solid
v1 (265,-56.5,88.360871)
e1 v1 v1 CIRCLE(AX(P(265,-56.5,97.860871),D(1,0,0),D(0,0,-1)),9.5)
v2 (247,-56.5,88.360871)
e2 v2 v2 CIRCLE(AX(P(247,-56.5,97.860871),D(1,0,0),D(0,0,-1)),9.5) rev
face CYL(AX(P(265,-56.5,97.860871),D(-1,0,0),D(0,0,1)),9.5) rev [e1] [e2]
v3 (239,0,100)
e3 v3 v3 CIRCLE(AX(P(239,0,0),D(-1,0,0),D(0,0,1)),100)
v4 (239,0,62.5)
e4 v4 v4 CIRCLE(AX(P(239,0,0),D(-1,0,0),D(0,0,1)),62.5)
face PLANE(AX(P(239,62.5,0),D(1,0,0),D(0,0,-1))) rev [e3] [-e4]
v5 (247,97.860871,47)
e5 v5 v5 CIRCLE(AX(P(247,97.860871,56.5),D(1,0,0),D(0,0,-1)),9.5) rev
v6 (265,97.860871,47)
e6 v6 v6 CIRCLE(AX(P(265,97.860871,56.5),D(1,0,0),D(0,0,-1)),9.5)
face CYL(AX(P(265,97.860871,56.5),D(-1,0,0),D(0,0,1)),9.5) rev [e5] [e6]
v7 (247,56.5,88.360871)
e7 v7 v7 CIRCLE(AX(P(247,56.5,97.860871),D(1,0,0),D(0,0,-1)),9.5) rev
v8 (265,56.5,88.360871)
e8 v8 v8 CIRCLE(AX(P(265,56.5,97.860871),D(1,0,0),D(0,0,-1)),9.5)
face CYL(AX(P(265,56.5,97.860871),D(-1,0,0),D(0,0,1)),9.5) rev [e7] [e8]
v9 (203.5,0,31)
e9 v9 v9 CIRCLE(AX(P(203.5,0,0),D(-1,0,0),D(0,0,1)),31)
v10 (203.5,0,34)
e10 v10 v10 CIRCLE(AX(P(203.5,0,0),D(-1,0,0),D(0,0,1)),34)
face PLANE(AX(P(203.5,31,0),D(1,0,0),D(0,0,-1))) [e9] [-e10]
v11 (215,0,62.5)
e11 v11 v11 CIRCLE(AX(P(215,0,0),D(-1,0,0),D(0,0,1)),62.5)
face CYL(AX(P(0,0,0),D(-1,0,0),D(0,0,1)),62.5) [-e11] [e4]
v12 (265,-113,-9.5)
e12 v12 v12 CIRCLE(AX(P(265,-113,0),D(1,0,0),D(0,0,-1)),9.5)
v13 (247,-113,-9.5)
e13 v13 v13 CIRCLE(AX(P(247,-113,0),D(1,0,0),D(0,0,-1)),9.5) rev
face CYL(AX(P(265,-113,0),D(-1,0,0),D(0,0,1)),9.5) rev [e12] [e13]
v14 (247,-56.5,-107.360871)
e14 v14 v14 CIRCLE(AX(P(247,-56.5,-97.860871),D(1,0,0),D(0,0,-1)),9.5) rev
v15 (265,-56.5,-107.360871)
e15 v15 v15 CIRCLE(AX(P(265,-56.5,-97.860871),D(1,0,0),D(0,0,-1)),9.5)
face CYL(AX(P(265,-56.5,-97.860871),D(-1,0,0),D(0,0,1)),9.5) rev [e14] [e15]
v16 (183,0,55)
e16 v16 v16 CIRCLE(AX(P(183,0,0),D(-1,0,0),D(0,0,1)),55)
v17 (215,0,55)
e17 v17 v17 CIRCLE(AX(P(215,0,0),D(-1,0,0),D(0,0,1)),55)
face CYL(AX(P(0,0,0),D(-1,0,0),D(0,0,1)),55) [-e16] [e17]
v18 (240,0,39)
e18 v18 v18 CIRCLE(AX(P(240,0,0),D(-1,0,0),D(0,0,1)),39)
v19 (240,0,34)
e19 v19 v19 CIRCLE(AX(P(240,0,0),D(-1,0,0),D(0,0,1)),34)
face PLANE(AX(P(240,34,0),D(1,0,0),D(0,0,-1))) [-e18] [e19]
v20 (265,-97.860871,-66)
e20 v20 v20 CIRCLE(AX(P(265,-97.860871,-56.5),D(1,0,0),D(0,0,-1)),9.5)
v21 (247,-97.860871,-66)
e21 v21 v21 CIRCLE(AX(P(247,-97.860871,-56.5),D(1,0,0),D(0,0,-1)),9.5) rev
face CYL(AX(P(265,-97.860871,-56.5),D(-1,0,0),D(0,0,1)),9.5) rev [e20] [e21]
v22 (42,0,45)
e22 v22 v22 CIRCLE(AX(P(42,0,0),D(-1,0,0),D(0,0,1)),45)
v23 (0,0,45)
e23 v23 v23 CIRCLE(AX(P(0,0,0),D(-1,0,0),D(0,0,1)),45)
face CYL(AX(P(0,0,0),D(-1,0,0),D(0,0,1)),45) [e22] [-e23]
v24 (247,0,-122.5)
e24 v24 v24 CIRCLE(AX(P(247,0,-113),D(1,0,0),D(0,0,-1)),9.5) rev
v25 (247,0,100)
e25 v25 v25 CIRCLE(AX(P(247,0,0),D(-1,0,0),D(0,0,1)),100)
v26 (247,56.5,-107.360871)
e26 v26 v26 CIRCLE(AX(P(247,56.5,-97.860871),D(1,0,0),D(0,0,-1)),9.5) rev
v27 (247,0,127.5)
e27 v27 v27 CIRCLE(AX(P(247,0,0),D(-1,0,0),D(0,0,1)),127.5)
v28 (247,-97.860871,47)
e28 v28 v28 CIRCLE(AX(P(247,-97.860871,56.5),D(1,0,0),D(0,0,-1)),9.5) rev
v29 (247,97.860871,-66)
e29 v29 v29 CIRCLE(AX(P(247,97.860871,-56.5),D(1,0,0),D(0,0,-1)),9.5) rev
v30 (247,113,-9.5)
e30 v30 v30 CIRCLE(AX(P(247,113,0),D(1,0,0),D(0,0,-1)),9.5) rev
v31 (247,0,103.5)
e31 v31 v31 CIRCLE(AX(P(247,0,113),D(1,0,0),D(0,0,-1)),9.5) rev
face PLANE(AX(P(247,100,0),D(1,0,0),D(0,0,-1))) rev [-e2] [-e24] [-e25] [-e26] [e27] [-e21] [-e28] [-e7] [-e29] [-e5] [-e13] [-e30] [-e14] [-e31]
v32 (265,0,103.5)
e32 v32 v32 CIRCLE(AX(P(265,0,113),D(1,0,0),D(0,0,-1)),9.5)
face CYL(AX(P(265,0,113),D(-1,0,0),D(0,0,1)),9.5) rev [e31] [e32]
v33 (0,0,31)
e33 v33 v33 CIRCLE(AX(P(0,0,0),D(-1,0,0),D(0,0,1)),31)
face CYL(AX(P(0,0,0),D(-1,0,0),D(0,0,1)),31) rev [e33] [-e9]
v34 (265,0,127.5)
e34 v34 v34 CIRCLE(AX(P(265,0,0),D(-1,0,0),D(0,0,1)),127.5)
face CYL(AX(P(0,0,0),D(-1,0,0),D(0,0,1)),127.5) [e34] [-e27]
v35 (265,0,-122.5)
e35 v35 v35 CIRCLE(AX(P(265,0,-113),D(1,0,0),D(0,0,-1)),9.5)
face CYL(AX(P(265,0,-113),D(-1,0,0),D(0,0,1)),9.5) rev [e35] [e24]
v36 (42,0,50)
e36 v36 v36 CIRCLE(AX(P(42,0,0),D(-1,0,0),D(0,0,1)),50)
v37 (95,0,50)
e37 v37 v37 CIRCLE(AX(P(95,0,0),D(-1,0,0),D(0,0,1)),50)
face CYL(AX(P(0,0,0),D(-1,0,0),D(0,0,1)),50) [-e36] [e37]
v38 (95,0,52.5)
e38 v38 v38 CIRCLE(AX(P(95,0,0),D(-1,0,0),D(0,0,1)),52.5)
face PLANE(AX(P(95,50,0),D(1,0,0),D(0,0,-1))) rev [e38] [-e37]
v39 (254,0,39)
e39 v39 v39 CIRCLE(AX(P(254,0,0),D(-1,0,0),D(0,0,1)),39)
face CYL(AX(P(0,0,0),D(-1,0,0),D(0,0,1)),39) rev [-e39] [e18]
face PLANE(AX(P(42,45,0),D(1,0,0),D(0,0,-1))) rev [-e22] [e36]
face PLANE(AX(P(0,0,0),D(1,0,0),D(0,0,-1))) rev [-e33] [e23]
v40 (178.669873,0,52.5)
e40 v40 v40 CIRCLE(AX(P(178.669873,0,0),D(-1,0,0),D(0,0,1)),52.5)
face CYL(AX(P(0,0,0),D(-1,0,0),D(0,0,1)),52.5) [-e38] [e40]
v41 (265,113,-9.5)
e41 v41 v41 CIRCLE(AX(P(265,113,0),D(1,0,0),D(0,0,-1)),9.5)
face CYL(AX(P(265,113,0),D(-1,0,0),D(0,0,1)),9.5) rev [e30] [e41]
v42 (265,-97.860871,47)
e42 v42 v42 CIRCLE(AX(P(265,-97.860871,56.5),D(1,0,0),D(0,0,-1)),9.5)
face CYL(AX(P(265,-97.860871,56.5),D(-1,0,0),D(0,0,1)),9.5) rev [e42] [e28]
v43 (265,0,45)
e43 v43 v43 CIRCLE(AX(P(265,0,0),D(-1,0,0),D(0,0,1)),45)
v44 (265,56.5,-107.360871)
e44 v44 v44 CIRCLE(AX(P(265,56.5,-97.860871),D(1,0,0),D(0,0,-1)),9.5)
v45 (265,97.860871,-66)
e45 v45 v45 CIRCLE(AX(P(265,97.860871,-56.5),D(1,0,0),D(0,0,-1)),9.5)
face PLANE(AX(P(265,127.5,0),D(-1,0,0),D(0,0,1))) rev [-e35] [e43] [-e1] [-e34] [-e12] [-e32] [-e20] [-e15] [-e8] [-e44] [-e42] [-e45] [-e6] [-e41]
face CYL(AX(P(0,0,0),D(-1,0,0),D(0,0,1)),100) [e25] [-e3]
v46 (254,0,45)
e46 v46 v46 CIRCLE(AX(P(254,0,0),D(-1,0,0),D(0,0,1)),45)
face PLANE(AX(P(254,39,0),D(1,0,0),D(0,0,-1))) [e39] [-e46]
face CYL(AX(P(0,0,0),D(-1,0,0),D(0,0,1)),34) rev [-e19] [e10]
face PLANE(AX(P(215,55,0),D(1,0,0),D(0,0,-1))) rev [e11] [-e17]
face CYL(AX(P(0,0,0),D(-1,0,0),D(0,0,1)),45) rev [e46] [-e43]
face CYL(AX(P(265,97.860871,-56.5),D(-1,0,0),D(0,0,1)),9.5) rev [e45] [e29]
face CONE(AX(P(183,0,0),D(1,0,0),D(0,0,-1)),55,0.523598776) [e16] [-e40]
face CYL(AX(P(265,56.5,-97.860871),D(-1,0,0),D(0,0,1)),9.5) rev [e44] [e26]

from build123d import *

# Parameters (mm, degrees)
SKETCH_3_R           = 9.5
CUT_EXTRUDE_1_DEPTH  = 321.526909947
SKETCH_4_R           = 9.5
CUT_EXTRUDE_2_DEPTH  = 321.526909947
SKETCH_5_R           = 9.5
CUT_EXTRUDE_3_DEPTH  = 321.526909947
SKETCH_6_R           = 9.5
CUT_EXTRUDE_4_DEPTH  = 321.526909947
SKETCH_7_R           = 9.5
CUT_EXTRUDE_5_DEPTH  = 321.526909947
SKETCH_8_R           = 9.5
CUT_EXTRUDE_6_DEPTH  = 321.526909947
SKETCH_9_R           = 9.5
CUT_EXTRUDE_7_DEPTH  = 321.526909947
SKETCH_10_R          = 9.5
CUT_EXTRUDE_8_DEPTH  = 321.526909947
SKETCH_11_R          = 9.5
CUT_EXTRUDE_9_DEPTH  = 321.526909947
SKETCH_12_R          = 9.5
CUT_EXTRUDE_10_DEPTH = 321.526909947
SKETCH_13_R          = 9.5
CUT_EXTRUDE_11_DEPTH = 321.526909947
SKETCH_14_R          = 9.5
CUT_EXTRUDE_12_DEPTH = 321.526909947


with BuildPart() as part:
    # Эскиз1 → Повернуть1 (revolve)
    with BuildSketch(Plane.XY, mode=Mode.PRIVATE) as revolve_1_sk:
        Polygon((0, 0), (265, 0), (265, 127.5), (247, 127.5), (247, 100), (239, 100), (239, 62.5), (215, 62.5), (215, 55), (183, 55), (178.669872981, 52.5), (95, 52.5), (95, 50), (42, 50), (42, 45), (0, 45), align=None)
    revolve(revolve_1_sk.sketch.rotate(Axis((0, 0, 0), (1, 0, 0)), 90), axis=Axis((0, 0, 0), (1, 0, 0)))

    # Эскиз2 → Вырез-Повернуть1 (revolve, cut)
    with BuildSketch(Plane.XY, mode=Mode.PRIVATE) as cut_revolve_1_sk:
        Polygon((0, 0), (265, 0), (265, 45), (254, 45), (254, 39), (240, 39), (240, 34), (203.5, 34), (203.5, 31), (0, 31), align=None)
    revolve(cut_revolve_1_sk.sketch.rotate(Axis((0, 0, 0), (1, 0, 0)), 90), axis=Axis((0, 0, 0), (1, 0, 0)), mode=Mode.SUBTRACT)

    # Эскиз3 → Вырез-Вытянуть1 (cut, through all)
    with BuildSketch(Plane(origin=(0, 0, 0), x_dir=(0, 0, -1), z_dir=(1, 0, 0))):
        with Locations((0, 113)):
            Circle(SKETCH_3_R)
    extrude(amount=CUT_EXTRUDE_1_DEPTH, mode=Mode.SUBTRACT)

    # Эскиз4 → Вырез-Вытянуть2 (cut, through all)
    with BuildSketch(Plane(origin=(0, 0, 0), x_dir=(0, 0, -1), z_dir=(1, 0, 0))):
        with Locations((-56.5, 97.860870628)):
            Circle(SKETCH_4_R)
    extrude(amount=CUT_EXTRUDE_2_DEPTH, mode=Mode.SUBTRACT)

    # Эскиз5 → Вырез-Вытянуть3 (cut, through all)
    with BuildSketch(Plane(origin=(0, 0, 0), x_dir=(0, 0, -1), z_dir=(1, 0, 0))):
        with Locations((-97.860870628, 56.5)):
            Circle(SKETCH_5_R)
    extrude(amount=CUT_EXTRUDE_3_DEPTH, mode=Mode.SUBTRACT)

    # Эскиз6 → Вырез-Вытянуть4 (cut, through all)
    with BuildSketch(Plane(origin=(0, 0, 0), x_dir=(0, 0, -1), z_dir=(1, 0, 0))):
        with Locations((-113, 0)):
            Circle(SKETCH_6_R)
    extrude(amount=CUT_EXTRUDE_4_DEPTH, mode=Mode.SUBTRACT)

    # Эскиз7 → Вырез-Вытянуть5 (cut, through all)
    with BuildSketch(Plane(origin=(0, 0, 0), x_dir=(0, 0, -1), z_dir=(1, 0, 0))):
        with Locations((-97.860870628, -56.5)):
            Circle(SKETCH_7_R)
    extrude(amount=CUT_EXTRUDE_5_DEPTH, mode=Mode.SUBTRACT)

    # Эскиз8 → Вырез-Вытянуть6 (cut, through all)
    with BuildSketch(Plane(origin=(0, 0, 0), x_dir=(0, 0, -1), z_dir=(1, 0, 0))):
        with Locations((-56.5, -97.860870628)):
            Circle(SKETCH_8_R)
    extrude(amount=CUT_EXTRUDE_6_DEPTH, mode=Mode.SUBTRACT)

    # Эскиз9 → Вырез-Вытянуть7 (cut, through all)
    with BuildSketch(Plane(origin=(0, 0, 0), x_dir=(0, 0, -1), z_dir=(1, 0, 0))):
        with Locations((0, -113)):
            Circle(SKETCH_9_R)
    extrude(amount=CUT_EXTRUDE_7_DEPTH, mode=Mode.SUBTRACT)

    # Эскиз10 → Вырез-Вытянуть8 (cut, through all)
    with BuildSketch(Plane(origin=(0, 0, 0), x_dir=(0, 0, -1), z_dir=(1, 0, 0))):
        with Locations((56.5, -97.860870628)):
            Circle(SKETCH_10_R)
    extrude(amount=CUT_EXTRUDE_8_DEPTH, mode=Mode.SUBTRACT)

    # Эскиз11 → Вырез-Вытянуть9 (cut, through all)
    with BuildSketch(Plane(origin=(0, 0, 0), x_dir=(0, 0, -1), z_dir=(1, 0, 0))):
        with Locations((97.860870628, -56.5)):
            Circle(SKETCH_11_R)
    extrude(amount=CUT_EXTRUDE_9_DEPTH, mode=Mode.SUBTRACT)

    # Эскиз12 → Вырез-Вытянуть10 (cut, through all)
    with BuildSketch(Plane(origin=(0, 0, 0), x_dir=(0, 0, -1), z_dir=(1, 0, 0))):
        with Locations((113, 0)):
            Circle(SKETCH_12_R)
    extrude(amount=CUT_EXTRUDE_10_DEPTH, mode=Mode.SUBTRACT)

    # Эскиз13 → Вырез-Вытянуть11 (cut, through all)
    with BuildSketch(Plane(origin=(0, 0, 0), x_dir=(0, 0, -1), z_dir=(1, 0, 0))):
        with Locations((97.860870628, 56.5)):
            Circle(SKETCH_13_R)
    extrude(amount=CUT_EXTRUDE_11_DEPTH, mode=Mode.SUBTRACT)

    # Эскиз14 → Вырез-Вытянуть12 (cut, through all)
    with BuildSketch(Plane(origin=(0, 0, 0), x_dir=(0, 0, -1), z_dir=(1, 0, 0))):
        with Locations((56.5, 97.860870628)):
            Circle(SKETCH_14_R)
    extrude(amount=CUT_EXTRUDE_12_DEPTH, mode=Mode.SUBTRACT)


solid = part.part
